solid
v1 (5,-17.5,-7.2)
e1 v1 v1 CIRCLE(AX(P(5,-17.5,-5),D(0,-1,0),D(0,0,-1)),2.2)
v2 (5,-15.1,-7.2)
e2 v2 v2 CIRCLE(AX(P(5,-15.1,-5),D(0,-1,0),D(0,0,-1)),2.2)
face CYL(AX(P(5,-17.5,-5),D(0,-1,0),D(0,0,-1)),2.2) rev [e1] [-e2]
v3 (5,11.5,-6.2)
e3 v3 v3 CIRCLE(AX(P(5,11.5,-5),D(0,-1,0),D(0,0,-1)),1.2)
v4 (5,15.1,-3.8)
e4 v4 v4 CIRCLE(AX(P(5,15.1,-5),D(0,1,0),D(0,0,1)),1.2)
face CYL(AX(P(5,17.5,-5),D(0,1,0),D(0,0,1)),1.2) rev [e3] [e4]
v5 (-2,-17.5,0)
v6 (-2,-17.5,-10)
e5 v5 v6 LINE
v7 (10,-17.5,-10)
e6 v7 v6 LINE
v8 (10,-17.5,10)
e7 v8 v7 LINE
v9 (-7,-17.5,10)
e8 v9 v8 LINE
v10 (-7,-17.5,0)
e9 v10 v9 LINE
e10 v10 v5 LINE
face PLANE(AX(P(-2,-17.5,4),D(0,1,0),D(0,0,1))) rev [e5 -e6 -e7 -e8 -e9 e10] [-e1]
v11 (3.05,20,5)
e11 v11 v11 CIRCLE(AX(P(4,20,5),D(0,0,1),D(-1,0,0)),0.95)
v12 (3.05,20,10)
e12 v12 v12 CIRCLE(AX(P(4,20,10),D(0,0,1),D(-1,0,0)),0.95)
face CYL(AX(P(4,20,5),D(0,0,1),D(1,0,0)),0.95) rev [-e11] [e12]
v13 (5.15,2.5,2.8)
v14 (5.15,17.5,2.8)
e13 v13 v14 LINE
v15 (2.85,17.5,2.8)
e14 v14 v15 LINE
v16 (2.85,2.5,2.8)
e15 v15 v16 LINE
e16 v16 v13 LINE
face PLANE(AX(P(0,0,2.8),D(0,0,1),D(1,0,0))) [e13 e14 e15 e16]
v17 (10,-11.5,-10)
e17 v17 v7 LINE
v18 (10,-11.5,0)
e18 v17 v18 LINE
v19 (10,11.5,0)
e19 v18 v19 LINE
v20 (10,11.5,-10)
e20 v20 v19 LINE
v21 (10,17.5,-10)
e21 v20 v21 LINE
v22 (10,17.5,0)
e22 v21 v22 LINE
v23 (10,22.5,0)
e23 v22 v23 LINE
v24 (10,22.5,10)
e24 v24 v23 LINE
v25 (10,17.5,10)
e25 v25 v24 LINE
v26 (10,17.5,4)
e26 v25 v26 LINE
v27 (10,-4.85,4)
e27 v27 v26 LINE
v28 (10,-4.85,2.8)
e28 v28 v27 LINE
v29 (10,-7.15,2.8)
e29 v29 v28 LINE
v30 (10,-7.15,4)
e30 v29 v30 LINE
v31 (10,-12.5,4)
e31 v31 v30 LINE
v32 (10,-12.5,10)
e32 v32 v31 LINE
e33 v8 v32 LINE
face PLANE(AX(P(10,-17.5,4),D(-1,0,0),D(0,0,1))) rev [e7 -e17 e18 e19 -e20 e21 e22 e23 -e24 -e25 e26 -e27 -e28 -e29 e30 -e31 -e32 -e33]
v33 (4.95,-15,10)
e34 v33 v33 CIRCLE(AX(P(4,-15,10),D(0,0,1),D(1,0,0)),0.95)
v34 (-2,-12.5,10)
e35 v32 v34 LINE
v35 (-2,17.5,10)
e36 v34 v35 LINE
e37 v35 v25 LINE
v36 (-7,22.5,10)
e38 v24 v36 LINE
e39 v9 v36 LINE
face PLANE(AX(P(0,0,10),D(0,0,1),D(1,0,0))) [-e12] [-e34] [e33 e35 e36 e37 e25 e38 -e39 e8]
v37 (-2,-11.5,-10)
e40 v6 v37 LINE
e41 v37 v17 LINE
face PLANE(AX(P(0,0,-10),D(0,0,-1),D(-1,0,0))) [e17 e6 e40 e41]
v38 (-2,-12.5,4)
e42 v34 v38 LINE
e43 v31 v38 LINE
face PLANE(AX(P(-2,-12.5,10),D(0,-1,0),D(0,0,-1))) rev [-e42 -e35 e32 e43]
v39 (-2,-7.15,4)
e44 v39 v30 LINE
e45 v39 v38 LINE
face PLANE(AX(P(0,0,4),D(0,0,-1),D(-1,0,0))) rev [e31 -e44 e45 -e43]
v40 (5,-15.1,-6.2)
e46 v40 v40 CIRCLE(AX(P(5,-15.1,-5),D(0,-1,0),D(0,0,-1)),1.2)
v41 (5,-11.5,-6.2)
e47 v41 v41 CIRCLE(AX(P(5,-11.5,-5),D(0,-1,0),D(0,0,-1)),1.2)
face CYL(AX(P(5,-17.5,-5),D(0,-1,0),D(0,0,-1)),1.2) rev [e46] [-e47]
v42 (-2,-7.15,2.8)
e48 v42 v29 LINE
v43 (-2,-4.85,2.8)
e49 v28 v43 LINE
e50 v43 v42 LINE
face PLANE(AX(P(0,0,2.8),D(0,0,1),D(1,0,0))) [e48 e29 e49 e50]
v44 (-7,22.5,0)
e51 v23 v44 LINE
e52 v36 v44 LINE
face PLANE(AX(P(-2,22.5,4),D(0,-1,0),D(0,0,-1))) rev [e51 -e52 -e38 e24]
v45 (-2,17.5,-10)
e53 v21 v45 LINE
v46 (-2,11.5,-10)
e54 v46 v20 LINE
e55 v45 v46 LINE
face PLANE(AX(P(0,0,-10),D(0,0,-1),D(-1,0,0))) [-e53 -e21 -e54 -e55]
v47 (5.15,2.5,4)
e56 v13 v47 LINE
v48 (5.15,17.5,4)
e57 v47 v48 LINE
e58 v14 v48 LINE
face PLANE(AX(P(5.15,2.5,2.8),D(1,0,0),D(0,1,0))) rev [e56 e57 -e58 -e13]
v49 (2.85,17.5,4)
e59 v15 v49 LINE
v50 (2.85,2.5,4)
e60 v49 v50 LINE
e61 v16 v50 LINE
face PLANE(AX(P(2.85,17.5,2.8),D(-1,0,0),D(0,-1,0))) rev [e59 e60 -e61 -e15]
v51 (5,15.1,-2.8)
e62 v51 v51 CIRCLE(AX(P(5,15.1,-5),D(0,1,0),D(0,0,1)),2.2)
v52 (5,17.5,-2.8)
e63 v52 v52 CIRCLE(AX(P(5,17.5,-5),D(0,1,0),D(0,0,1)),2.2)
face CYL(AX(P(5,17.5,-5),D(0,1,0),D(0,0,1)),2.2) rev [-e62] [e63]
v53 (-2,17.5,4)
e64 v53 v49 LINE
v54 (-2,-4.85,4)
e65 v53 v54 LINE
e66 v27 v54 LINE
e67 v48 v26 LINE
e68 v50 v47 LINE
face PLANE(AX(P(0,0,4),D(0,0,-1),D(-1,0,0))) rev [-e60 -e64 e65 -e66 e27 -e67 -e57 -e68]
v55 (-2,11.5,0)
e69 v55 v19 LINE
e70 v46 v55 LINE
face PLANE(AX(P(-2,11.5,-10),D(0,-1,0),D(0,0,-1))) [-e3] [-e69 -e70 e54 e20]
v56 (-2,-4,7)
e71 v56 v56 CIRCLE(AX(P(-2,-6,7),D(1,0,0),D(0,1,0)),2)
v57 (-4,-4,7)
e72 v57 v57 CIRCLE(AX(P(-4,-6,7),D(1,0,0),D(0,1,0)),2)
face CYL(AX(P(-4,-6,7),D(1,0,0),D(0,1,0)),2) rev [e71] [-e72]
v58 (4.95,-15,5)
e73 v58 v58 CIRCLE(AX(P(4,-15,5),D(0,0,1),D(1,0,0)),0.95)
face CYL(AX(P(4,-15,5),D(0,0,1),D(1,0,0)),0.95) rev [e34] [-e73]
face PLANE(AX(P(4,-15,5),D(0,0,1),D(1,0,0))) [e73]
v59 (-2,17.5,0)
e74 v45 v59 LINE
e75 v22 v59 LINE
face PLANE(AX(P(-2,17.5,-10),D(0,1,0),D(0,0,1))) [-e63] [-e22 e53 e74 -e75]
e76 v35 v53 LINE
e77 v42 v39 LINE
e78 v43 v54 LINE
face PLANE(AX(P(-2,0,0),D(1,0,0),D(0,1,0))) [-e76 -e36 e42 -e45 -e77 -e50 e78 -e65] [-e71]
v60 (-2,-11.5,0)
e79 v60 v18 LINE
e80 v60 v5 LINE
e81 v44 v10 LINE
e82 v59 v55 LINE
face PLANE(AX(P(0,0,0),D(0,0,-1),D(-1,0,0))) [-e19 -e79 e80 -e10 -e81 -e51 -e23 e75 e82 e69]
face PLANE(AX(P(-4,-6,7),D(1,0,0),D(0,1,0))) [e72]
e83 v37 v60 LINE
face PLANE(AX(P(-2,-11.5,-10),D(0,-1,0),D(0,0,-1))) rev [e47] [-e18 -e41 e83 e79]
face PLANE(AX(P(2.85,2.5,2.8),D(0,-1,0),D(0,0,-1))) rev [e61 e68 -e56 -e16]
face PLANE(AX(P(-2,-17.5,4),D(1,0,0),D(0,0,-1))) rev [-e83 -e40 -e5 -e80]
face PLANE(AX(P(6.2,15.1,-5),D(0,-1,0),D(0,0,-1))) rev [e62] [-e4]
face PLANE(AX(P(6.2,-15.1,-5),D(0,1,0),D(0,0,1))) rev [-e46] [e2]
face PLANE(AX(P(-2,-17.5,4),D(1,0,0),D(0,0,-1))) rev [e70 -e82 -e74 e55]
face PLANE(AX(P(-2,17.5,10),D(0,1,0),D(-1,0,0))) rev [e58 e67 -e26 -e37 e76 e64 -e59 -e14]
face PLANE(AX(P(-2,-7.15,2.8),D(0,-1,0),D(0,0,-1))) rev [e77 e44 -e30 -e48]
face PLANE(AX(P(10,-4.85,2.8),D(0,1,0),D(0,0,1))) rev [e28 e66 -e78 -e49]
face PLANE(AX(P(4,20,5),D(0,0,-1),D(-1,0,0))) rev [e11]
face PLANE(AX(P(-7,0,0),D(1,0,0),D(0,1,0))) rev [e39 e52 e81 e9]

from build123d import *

# Parameters (mm, degrees)
ESQUISSE1_W                                       = 12
ESQUISSE1_H                                       = 40
BOSS_EXTRU_1_DEPTH                                = 4
ESQUISSE2_W                                       = 12
ESQUISSE2_H                                       = 6
BOSS_EXTRU_2_DEPTH                                = 10
ESQUISSE4_W                                       = 12
ESQUISSE4_H                                       = 5
BOSS_EXTRU_3_DEPTH                                = 6
ESQUISSE5_R                                       = 0.95
ENL_V_MAT_EXTRU_2_DEPTH                           = 5
ESQUISSE6_W                                       = 10
ESQUISSE6_H                                       = 40
BOSS_EXTRU_4_DEPTH                                = 5
ESQUISSE7_R                                       = 2
ENL_V_MAT_EXTRU_3_DEPTH                           = 2
CHAMBRAGE_POUR_VIS_SIX_PANS_CREUX_M21_D           = 2.4
CHAMBRAGE_POUR_VIS_SIX_PANS_CREUX_M21_DEPTH       = 6
CHAMBRAGE_POUR_VIS_SIX_PANS_CREUX_M21_CBORE_D     = 4.4
CHAMBRAGE_POUR_VIS_SIX_PANS_CREUX_M21_CBORE_DEPTH = 2.4
ESQUISSE15_W                                      = 12
ESQUISSE15_H                                      = 2.3
ESQUISSE15_W_2                                    = 2.3
ESQUISSE15_H_2                                    = 15
ENL_V_MAT_EXTRU_4_DEPTH                           = 1.2


with BuildPart() as part:
    # Esquisse1 → Boss.-Extru.1 (new body)
    with BuildSketch(Plane.XY):
        with Locations((4, 2.5)):
            Rectangle(ESQUISSE1_W, ESQUISSE1_H)
    extrude(amount=BOSS_EXTRU_1_DEPTH)

    # Esquisse2 → Boss.-Extru.2 (add)
    with BuildSketch(Plane(origin=(0, 0, 0), x_dir=(-1, 0, 0), z_dir=(0, 0, -1))):
        with Locations((-4, -14.5)):
            Rectangle(ESQUISSE2_W, ESQUISSE2_H)
    boss_extru_2 = extrude(amount=BOSS_EXTRU_2_DEPTH)

    # Symétrie1: Boss.-Extru.2 across plane
    add(boss_extru_2.mirror(Plane.ZX))

    # Esquisse4 → Boss.-Extru.3 (add)
    with BuildSketch(Plane.XY.offset(4)):
        with Locations((4, 20)):
            Rectangle(ESQUISSE4_W, ESQUISSE4_H)
        with Locations((4, -15)):
            Rectangle(ESQUISSE4_W, ESQUISSE4_H)
    extrude(amount=BOSS_EXTRU_3_DEPTH)

    # Esquisse5 → Enlèv. mat.-Extru.2 (cut)
    with BuildSketch(Plane.XY.offset(10)):
        with Locations((4, -15)):
            Circle(ESQUISSE5_R)
        with Locations(Location((4, 20, 0), (0, 0, 180))):
            Circle(ESQUISSE5_R)
    extrude(amount=-ENL_V_MAT_EXTRU_2_DEPTH, mode=Mode.SUBTRACT)

    # Esquisse6 → Boss.-Extru.4 (add)
    with BuildSketch(Plane.ZY.offset(2)):
        with Locations((5, 2.5)):
            Rectangle(ESQUISSE6_W, ESQUISSE6_H)
    extrude(amount=BOSS_EXTRU_4_DEPTH)

    # Esquisse7 → Enlèv. mat.-Extru.3 (cut)
    with BuildSketch(Plane(origin=(-2, 0, 0), x_dir=(0, 0, -1), z_dir=(1, 0, 0))):
        with Locations(Location((-7, -6, 0), (0, 0, 90))):
            Circle(ESQUISSE7_R)
    extrude(amount=-ENL_V_MAT_EXTRU_3_DEPTH, mode=Mode.SUBTRACT)

    # Chambrage pour vis à six pans creux M21
    with Locations(Plane(origin=(0, -17.5, 0), x_dir=(-1, 0, 0), z_dir=(0, -1, 0))):
        with Locations((-5, 5)):
            chambrage_pour_vis_six_pans_creux_m21 = CounterBoreHole(CHAMBRAGE_POUR_VIS_SIX_PANS_CREUX_M21_D / 2, CHAMBRAGE_POUR_VIS_SIX_PANS_CREUX_M21_CBORE_D / 2, CHAMBRAGE_POUR_VIS_SIX_PANS_CREUX_M21_CBORE_DEPTH, depth=CHAMBRAGE_POUR_VIS_SIX_PANS_CREUX_M21_DEPTH)

    # Symétrie2: Chambrage pour vis à six pans creux M21 across plane
    add(chambrage_pour_vis_six_pans_creux_m21.mirror(Plane.ZX), mode=Mode.SUBTRACT)

    # Esquisse15 → Enlèv. mat.-Extru.4 (cut)
    with BuildSketch(Plane.XY.offset(4)):
        with Locations((4, -6)):
            Rectangle(ESQUISSE15_W, ESQUISSE15_H)
        with Locations((4, 10)):
            Rectangle(ESQUISSE15_W_2, ESQUISSE15_H_2)
    extrude(amount=-ENL_V_MAT_EXTRU_4_DEPTH, mode=Mode.SUBTRACT)


solid = part.part
